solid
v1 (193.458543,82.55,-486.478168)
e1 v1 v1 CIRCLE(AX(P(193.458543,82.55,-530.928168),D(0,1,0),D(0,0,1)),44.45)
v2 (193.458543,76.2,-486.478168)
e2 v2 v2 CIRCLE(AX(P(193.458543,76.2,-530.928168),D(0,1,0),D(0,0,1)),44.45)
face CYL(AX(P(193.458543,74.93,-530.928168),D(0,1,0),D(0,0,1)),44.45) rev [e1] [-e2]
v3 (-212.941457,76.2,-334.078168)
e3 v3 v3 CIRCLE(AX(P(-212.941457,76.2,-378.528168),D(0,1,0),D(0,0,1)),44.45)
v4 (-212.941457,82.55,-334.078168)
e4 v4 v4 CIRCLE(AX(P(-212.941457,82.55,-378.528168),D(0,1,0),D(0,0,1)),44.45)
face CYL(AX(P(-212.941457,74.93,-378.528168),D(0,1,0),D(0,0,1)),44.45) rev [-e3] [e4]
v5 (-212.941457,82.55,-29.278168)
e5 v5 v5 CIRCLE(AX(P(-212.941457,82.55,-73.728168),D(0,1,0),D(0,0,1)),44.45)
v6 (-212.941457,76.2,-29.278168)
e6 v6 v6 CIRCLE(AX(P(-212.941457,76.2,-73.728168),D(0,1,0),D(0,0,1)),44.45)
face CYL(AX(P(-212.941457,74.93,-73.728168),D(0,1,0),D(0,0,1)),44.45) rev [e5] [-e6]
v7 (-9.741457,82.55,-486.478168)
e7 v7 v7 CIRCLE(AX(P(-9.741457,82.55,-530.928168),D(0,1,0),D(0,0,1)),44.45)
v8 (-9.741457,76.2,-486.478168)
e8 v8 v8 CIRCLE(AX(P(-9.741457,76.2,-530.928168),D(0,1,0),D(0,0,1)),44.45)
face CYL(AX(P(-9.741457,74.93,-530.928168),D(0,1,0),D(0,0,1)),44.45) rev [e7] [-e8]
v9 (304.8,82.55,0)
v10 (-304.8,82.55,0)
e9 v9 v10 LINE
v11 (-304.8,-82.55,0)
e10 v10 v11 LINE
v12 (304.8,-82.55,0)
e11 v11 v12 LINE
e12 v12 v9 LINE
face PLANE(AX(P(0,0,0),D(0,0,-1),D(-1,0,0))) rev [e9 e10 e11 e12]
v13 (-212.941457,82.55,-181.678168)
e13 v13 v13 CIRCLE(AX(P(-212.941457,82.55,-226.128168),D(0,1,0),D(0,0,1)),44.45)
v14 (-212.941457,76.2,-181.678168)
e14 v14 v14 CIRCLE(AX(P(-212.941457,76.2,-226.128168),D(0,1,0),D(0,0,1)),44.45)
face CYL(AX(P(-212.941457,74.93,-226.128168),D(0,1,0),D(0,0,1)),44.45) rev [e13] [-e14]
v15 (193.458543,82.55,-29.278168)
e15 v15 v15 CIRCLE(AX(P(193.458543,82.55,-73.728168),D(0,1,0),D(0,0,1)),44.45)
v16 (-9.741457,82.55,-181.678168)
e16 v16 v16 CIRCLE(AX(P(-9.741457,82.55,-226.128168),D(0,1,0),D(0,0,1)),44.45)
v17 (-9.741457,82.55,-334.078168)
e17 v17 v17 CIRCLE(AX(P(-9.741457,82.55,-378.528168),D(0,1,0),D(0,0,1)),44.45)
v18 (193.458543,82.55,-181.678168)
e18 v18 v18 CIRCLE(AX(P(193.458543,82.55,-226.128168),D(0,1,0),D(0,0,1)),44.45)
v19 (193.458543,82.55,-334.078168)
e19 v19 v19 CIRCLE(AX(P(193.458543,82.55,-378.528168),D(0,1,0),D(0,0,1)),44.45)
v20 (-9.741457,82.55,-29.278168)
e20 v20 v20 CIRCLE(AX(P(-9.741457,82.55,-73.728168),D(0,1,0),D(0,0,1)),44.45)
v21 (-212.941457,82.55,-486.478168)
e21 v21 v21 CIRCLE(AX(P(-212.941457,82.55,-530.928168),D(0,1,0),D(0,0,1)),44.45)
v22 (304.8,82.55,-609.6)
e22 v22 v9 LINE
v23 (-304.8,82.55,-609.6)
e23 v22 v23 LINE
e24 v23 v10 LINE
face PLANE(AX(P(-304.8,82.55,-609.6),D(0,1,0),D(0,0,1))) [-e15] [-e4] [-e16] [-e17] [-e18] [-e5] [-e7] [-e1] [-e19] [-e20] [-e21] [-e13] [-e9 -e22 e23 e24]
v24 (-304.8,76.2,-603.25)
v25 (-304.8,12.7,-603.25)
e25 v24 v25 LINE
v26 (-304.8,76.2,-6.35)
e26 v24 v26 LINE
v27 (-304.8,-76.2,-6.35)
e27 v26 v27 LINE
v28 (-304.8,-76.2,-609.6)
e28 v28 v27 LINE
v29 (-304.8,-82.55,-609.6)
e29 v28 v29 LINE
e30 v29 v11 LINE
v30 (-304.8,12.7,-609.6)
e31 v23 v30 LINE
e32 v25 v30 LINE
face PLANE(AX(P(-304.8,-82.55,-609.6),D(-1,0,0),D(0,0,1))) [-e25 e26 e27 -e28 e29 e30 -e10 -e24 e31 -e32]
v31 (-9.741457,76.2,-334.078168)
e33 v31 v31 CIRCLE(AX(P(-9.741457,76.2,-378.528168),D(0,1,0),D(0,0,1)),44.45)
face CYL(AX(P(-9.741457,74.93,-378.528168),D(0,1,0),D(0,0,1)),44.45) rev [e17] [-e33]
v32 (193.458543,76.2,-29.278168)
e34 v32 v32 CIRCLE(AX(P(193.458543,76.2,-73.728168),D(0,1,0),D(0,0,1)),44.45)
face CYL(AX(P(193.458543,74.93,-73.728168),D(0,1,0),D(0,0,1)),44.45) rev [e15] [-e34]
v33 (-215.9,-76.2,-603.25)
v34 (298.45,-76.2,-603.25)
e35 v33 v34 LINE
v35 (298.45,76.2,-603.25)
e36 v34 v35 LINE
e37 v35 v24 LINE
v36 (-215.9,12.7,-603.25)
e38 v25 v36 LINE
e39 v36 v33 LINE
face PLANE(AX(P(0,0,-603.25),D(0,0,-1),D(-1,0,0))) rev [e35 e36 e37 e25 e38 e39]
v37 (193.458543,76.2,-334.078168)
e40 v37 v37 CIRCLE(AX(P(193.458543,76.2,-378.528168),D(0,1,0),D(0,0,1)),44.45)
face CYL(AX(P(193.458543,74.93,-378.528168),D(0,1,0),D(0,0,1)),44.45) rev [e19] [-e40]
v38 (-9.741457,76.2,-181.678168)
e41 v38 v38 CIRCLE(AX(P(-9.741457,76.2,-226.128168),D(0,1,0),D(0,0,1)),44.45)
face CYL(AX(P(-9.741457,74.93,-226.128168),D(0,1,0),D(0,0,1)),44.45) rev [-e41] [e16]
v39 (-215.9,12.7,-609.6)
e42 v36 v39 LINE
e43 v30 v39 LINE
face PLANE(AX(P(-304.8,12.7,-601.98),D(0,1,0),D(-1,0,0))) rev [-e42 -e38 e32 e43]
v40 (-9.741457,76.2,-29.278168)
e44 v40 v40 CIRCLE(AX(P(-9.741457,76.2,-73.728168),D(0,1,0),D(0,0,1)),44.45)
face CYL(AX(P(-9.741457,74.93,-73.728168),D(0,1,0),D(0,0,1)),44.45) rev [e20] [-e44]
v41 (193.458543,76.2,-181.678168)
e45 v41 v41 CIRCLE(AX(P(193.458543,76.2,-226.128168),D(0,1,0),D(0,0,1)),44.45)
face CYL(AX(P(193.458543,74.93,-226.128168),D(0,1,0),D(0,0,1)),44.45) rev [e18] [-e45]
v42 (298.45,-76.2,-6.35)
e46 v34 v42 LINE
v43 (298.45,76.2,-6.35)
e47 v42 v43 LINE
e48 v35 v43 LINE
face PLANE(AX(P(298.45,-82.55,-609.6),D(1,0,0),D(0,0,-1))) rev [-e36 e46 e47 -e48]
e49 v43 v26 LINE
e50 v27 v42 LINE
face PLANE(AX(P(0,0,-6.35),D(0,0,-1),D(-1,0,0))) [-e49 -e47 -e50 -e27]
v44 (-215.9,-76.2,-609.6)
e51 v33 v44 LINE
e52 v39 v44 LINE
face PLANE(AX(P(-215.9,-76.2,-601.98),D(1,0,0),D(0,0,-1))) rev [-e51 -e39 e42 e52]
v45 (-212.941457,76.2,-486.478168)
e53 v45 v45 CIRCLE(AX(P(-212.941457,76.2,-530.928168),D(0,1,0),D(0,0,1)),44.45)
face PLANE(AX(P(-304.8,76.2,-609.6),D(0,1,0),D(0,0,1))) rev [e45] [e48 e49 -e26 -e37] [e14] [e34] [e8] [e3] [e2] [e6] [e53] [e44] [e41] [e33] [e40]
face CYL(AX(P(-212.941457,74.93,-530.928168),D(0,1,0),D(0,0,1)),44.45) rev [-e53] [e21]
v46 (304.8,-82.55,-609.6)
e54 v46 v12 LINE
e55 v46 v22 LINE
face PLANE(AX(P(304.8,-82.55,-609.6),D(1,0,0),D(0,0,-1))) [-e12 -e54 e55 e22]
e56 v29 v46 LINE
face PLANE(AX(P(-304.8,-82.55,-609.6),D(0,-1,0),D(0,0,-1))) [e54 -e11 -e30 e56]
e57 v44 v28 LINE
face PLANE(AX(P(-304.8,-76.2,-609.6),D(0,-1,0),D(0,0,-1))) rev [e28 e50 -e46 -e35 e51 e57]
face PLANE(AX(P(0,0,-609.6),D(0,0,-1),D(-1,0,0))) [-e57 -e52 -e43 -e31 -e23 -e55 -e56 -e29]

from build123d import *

# Parameters (mm, degrees)
SKETCH1_W           = 609.6
SKETCH1_H           = 165.1
BOSS_EXTRUDE1_DEPTH = 609.6
SHELL1_T            = -6.35
SKETCH2_R           = 44.45
CUT_EXTRUDE2_DEPTH  = 7.62
SKETCH4_W           = 88.9
SKETCH4_H           = 88.9
CUT_EXTRUDE3_DEPTH  = 7.62


with BuildPart() as part:
    # Sketch1 → Boss-Extrude1 (new body)
    with BuildSketch(Plane.XY):
        Rectangle(SKETCH1_W, SKETCH1_H)
    extrude(amount=-BOSS_EXTRUDE1_DEPTH)

    # Shell1
    shell1_openings = [part.faces().sort_by_distance(p)[0] for p in [
        (-304.8, 0, -304.8),
    ]]
    offset(amount=SHELL1_T, openings=shell1_openings, kind=Kind.INTERSECTION)

    # Sketch2 → Cut-Extrude2 (cut)
    with BuildSketch(Plane(origin=(0, 82.55, 0), x_dir=(1, 0, 0), z_dir=(0, 1, 0))):
        with Locations((-212.941456521, 378.528168367)):
            Circle(SKETCH2_R)
        with Locations((-212.941456521, 226.128168367)):
            Circle(SKETCH2_R)
        with Locations((-212.941456521, 73.728168367)):
            Circle(SKETCH2_R)
        with Locations((-9.741456521, 226.128168367)):
            Circle(SKETCH2_R)
        with Locations((-9.741456521, 378.528168367)):
            Circle(SKETCH2_R)
        with Locations((-9.741456521, 73.728168367)):
            Circle(SKETCH2_R)
        with Locations((193.458543479, 226.128168367)):
            Circle(SKETCH2_R)
        with Locations((193.458543479, 378.528168367)):
            Circle(SKETCH2_R)
        with Locations((193.458543479, 73.728168367)):
            Circle(SKETCH2_R)
        with Locations((-212.941456521, 530.928168367)):
            Circle(SKETCH2_R)
        with Locations((-9.741456521, 530.928168367)):
            Circle(SKETCH2_R)
        with Locations((193.458543479, 530.928168367)):
            Circle(SKETCH2_R)
    extrude(amount=-CUT_EXTRUDE2_DEPTH, mode=Mode.SUBTRACT)

    # Sketch4 → Cut-Extrude3 (cut)
    with BuildSketch(Plane(origin=(0, 0, -609.6), x_dir=(-1, 0, 0), z_dir=(0, 0, -1))):
        with Locations((260.35, -31.75)):
            Rectangle(SKETCH4_W, SKETCH4_H)
    extrude(amount=-CUT_EXTRUDE3_DEPTH, mode=Mode.SUBTRACT)


solid = part.part
